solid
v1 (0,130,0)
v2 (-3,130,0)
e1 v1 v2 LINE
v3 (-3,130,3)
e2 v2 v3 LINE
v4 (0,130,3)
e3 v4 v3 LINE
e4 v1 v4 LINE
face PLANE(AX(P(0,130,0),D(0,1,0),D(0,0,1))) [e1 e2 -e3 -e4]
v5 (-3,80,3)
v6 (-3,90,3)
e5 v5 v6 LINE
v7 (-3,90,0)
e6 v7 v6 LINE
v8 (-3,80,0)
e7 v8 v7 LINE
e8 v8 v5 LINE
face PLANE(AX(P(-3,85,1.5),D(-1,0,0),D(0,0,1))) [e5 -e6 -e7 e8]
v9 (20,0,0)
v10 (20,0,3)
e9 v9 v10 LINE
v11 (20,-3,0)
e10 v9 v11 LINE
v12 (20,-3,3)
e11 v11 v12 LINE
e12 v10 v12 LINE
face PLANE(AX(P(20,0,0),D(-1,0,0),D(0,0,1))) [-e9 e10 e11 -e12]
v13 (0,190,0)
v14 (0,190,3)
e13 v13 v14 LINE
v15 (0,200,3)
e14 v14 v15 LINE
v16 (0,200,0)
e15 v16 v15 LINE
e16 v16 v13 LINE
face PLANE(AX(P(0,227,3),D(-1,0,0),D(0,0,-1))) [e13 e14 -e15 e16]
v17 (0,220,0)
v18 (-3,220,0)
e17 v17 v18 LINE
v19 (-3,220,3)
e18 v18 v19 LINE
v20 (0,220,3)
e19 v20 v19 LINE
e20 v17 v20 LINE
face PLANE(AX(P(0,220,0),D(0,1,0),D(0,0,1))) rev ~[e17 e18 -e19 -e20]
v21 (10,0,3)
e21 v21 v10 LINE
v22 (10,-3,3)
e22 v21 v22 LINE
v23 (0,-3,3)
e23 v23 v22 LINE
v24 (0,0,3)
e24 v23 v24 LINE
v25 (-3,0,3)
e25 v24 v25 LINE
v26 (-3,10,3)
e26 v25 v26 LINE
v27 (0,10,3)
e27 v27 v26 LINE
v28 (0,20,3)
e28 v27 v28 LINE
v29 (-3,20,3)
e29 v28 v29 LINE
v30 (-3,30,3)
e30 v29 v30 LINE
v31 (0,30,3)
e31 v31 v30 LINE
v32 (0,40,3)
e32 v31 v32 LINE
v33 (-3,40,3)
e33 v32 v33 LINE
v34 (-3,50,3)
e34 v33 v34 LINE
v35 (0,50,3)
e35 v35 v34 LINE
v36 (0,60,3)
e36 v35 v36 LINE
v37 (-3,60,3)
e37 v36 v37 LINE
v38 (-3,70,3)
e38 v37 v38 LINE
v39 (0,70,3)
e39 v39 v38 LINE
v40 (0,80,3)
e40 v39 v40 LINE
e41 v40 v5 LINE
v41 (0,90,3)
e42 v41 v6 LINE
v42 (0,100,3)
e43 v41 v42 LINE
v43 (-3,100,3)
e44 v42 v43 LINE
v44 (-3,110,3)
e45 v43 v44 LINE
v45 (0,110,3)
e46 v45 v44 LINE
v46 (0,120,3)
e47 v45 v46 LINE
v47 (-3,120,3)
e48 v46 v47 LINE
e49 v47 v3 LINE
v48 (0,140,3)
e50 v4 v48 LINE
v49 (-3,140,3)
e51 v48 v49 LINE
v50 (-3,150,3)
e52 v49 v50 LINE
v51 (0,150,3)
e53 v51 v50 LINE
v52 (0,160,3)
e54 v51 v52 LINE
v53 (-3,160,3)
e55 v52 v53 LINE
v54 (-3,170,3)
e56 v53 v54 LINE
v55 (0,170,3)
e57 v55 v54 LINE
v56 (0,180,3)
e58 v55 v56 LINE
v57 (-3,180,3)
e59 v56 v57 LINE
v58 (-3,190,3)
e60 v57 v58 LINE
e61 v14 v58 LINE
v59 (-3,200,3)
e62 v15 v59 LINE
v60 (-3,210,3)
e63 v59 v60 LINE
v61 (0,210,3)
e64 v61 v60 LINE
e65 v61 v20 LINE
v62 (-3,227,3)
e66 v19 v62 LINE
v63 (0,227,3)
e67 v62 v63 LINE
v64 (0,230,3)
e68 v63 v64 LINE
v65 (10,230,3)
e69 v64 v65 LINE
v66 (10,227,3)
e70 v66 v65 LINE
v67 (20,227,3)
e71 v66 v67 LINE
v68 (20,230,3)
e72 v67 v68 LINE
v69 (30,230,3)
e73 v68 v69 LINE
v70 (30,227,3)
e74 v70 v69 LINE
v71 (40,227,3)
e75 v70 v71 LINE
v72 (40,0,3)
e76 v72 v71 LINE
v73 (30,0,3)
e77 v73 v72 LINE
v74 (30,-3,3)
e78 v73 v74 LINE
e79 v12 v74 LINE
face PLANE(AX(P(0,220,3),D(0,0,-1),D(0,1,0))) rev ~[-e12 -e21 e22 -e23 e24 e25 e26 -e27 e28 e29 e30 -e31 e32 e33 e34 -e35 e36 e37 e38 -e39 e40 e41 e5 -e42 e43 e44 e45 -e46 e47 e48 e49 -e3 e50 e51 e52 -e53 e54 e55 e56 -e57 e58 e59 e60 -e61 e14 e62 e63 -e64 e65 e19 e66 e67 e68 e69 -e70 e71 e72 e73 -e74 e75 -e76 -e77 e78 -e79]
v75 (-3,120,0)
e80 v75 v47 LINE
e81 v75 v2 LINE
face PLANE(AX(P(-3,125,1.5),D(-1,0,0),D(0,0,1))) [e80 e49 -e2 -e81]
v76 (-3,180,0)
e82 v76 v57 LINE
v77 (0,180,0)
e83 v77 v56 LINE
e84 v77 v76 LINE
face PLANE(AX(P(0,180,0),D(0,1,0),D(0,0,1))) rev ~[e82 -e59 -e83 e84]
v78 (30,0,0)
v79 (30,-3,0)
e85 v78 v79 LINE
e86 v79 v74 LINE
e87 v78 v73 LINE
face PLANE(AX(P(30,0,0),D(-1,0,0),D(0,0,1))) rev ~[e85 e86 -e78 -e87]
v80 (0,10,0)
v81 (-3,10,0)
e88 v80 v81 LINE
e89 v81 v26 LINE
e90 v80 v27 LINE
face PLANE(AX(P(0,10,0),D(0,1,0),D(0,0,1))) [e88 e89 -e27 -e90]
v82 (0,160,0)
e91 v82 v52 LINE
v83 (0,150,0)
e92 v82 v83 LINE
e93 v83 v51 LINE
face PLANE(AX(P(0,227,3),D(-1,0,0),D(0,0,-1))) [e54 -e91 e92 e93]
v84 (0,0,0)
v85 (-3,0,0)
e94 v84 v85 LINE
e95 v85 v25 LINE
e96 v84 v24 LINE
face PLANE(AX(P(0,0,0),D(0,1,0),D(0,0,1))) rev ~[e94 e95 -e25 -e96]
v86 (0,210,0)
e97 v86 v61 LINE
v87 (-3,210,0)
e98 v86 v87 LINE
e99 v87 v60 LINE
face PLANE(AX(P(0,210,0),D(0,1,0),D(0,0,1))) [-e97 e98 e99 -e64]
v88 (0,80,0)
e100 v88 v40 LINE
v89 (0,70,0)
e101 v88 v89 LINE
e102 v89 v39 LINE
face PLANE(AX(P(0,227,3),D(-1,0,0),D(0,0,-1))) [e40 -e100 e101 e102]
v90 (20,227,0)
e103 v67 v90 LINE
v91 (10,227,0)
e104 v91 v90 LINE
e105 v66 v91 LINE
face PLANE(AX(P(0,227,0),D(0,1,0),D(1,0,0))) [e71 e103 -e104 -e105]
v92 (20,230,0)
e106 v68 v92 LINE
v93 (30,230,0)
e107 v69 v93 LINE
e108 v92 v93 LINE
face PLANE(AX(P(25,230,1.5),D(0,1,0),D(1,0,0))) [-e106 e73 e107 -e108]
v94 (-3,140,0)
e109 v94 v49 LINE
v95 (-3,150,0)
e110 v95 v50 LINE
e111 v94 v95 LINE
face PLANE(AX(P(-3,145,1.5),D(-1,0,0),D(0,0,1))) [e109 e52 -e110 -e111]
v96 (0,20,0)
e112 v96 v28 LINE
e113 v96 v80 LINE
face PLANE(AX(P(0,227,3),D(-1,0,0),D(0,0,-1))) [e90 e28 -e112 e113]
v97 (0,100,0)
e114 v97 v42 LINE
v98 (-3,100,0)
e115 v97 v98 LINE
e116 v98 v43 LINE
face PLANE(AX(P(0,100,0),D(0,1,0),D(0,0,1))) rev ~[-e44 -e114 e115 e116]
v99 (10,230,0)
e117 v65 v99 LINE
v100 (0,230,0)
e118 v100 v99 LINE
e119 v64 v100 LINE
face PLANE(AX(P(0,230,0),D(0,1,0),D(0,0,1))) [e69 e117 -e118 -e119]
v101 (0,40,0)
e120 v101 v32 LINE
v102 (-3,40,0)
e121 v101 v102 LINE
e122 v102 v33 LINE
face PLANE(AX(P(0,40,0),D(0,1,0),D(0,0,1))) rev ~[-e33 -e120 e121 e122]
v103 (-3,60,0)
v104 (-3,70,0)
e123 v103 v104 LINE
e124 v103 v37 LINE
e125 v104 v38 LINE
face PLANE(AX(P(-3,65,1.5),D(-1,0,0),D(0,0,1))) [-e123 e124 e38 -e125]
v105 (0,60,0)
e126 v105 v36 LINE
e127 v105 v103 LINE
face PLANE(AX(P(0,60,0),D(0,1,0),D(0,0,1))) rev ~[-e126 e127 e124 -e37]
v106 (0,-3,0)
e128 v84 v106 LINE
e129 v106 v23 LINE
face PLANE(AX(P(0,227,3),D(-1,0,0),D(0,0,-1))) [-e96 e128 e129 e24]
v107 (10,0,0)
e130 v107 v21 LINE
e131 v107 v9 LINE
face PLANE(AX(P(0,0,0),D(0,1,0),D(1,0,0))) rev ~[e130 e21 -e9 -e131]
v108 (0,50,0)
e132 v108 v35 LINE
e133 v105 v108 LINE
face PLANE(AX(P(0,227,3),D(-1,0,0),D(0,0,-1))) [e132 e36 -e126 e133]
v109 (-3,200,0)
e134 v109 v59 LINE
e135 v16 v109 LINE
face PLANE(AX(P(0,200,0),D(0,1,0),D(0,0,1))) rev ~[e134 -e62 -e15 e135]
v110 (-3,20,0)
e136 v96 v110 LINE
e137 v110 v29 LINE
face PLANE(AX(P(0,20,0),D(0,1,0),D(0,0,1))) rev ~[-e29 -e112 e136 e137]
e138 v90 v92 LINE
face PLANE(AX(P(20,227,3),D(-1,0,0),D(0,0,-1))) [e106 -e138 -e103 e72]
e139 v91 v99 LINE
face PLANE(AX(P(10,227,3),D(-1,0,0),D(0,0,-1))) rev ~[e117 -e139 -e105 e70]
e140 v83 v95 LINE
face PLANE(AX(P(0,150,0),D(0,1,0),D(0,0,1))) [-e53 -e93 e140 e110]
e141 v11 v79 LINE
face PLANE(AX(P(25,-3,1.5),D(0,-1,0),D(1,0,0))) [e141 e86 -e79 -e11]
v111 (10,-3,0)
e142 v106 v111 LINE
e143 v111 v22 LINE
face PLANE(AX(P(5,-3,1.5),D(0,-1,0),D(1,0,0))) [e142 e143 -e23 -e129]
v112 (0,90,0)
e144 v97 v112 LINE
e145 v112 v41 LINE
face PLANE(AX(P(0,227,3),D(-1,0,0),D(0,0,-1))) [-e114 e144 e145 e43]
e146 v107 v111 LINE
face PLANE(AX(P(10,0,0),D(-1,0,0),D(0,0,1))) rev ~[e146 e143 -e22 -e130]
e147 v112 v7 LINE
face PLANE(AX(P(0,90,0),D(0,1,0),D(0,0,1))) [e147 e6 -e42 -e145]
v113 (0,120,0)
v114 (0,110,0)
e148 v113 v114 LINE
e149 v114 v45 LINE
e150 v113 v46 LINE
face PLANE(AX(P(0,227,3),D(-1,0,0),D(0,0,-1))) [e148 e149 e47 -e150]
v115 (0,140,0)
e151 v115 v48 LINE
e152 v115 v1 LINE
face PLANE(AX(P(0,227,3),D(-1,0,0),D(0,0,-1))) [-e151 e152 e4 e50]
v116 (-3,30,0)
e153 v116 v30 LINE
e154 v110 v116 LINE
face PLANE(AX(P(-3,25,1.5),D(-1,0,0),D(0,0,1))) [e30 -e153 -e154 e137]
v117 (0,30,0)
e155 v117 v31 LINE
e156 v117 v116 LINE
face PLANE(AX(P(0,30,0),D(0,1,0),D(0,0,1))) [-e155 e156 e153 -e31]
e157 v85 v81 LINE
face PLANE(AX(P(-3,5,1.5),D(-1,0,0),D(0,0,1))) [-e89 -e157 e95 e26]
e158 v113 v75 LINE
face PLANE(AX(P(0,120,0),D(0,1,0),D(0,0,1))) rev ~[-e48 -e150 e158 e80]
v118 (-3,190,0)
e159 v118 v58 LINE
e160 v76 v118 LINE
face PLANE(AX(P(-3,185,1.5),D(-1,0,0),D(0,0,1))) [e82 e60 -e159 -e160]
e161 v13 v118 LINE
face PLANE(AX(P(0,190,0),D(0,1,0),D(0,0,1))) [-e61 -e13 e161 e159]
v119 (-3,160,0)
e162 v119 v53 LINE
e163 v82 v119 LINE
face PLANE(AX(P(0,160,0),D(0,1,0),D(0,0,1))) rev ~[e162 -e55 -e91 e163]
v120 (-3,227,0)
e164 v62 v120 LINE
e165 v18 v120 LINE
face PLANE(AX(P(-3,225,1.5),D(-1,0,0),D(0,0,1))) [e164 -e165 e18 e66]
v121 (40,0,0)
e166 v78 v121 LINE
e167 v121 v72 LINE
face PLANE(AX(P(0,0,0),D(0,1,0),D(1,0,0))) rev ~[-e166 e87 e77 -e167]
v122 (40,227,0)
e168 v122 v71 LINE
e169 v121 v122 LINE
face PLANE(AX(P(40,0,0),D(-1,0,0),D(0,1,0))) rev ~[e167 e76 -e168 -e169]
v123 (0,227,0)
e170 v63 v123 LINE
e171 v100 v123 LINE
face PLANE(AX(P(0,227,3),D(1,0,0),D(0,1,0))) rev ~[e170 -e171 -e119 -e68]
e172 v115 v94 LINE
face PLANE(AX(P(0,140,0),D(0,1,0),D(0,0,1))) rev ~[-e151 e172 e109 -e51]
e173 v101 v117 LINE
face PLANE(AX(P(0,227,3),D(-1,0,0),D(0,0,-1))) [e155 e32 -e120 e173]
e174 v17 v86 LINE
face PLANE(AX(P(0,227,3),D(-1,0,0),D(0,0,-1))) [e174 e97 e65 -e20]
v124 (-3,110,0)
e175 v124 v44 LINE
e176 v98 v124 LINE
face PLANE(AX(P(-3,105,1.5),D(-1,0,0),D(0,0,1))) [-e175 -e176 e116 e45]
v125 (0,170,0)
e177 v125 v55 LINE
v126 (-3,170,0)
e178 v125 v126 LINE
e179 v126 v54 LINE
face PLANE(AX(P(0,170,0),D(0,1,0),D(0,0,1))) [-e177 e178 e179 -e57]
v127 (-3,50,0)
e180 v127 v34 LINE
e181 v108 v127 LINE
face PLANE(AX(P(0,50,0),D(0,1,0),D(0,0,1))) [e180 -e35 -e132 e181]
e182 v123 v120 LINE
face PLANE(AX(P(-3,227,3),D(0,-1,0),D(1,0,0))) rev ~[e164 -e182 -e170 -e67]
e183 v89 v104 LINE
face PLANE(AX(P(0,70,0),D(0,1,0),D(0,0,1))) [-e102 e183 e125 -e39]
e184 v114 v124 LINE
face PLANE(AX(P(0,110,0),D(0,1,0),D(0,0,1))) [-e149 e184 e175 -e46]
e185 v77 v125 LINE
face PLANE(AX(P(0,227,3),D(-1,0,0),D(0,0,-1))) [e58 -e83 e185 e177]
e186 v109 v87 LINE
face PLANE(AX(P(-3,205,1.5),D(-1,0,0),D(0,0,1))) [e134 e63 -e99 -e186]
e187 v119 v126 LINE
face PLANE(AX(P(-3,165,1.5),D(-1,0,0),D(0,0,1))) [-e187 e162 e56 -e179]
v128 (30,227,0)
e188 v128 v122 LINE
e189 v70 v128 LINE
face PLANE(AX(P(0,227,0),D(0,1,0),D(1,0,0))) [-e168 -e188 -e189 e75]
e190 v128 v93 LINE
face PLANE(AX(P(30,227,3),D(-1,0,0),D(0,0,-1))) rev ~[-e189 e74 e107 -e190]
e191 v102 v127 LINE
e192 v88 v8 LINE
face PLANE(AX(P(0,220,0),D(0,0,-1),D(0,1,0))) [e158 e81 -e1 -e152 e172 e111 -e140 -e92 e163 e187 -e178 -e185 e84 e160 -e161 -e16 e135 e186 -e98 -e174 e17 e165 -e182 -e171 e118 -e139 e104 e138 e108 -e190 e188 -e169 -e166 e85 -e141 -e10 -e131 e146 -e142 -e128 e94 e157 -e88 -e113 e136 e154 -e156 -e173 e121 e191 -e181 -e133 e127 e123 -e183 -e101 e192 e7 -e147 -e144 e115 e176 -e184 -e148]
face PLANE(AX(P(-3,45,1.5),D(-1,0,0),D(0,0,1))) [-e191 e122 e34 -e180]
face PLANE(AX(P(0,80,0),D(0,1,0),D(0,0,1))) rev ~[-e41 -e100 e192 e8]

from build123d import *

# Parameters (mm, degrees)
SKETCH1_W               = 40
SKETCH1_H               = 227
BOSS_EXTRUDE1_DEPTH     = 3
SKETCH2_W               = 10
SKETCH2_H               = 3
BOSS_EXTRUDE2_DEPTH     = 3
LPATTERN1_COUNT         = 2
LPATTERN1_PITCH         = 20
SKETCH3_W               = 10
SKETCH3_H               = 3
BOSS_EXTRUDE3_DEPTH     = 3
LPATTERN2_COUNT         = 2
LPATTERN2_PITCH         = 20
SKETCH4_W               = 3
SKETCH4_H               = 10
BOSS_EXTRUDE4_DEPTH     = 3
LPATTERN3_COUNT         = 12
LPATTERN3_PITCH         = 20
ESQUISSE1_W             = 3
ESQUISSE1_H             = 3
ENL_V_MAT_EXTRU_1_DEPTH = 4


with BuildPart() as part:
    # Sketch1 → Boss-Extrude1 (new body)
    with BuildSketch(Plane.XY):
        with Locations((20, 113.5)):
            Rectangle(SKETCH1_W, SKETCH1_H)
    extrude(amount=BOSS_EXTRUDE1_DEPTH)

    # Sketch2 → Boss-Extrude2 (add)
    with BuildSketch(Plane.XZ):
        with Locations((25, 1.5)):
            Rectangle(SKETCH2_W, SKETCH2_H)
    boss_extrude2 = extrude(amount=BOSS_EXTRUDE2_DEPTH)

    # LPattern1: Boss-Extrude2 ×2
    with Locations(*[(-i * LPATTERN1_PITCH, 0, 0) for i in range(1, LPATTERN1_COUNT)]):
        add(boss_extrude2)

    # Sketch3 → Boss-Extrude3 (add)
    with BuildSketch(Plane(origin=(0, 227, 0), x_dir=(1, 0, 0), z_dir=(0, 1, 0))):
        with Locations((25, -1.5)):
            Rectangle(SKETCH3_W, SKETCH3_H)
    boss_extrude3 = extrude(amount=BOSS_EXTRUDE3_DEPTH)

    # LPattern2: Boss-Extrude3 ×2
    with Locations(*[(-i * LPATTERN2_PITCH, 0, 0) for i in range(1, LPATTERN2_COUNT)]):
        add(boss_extrude3)

    # Sketch4 → Boss-Extrude4 (add)
    with BuildSketch(Plane.ZY):
        with Locations((1.5, 5)):
            Rectangle(SKETCH4_W, SKETCH4_H)
    boss_extrude4 = extrude(amount=BOSS_EXTRUDE4_DEPTH)

    # LPattern3: Boss-Extrude4 ×12
    with Locations(*[(0, i * LPATTERN3_PITCH, 0) for i in range(1, LPATTERN3_COUNT)]):
        add(boss_extrude4)

    # Esquisse1 → Enlèv. mat.-Extru.1 (cut, through all)
    with BuildSketch(Plane.XY.offset(3)):
        with Locations((-1.5, 228.5)):
            Rectangle(ESQUISSE1_W, ESQUISSE1_H)
    extrude(amount=-ENL_V_MAT_EXTRU_1_DEPTH, mode=Mode.SUBTRACT)


solid = part.part
